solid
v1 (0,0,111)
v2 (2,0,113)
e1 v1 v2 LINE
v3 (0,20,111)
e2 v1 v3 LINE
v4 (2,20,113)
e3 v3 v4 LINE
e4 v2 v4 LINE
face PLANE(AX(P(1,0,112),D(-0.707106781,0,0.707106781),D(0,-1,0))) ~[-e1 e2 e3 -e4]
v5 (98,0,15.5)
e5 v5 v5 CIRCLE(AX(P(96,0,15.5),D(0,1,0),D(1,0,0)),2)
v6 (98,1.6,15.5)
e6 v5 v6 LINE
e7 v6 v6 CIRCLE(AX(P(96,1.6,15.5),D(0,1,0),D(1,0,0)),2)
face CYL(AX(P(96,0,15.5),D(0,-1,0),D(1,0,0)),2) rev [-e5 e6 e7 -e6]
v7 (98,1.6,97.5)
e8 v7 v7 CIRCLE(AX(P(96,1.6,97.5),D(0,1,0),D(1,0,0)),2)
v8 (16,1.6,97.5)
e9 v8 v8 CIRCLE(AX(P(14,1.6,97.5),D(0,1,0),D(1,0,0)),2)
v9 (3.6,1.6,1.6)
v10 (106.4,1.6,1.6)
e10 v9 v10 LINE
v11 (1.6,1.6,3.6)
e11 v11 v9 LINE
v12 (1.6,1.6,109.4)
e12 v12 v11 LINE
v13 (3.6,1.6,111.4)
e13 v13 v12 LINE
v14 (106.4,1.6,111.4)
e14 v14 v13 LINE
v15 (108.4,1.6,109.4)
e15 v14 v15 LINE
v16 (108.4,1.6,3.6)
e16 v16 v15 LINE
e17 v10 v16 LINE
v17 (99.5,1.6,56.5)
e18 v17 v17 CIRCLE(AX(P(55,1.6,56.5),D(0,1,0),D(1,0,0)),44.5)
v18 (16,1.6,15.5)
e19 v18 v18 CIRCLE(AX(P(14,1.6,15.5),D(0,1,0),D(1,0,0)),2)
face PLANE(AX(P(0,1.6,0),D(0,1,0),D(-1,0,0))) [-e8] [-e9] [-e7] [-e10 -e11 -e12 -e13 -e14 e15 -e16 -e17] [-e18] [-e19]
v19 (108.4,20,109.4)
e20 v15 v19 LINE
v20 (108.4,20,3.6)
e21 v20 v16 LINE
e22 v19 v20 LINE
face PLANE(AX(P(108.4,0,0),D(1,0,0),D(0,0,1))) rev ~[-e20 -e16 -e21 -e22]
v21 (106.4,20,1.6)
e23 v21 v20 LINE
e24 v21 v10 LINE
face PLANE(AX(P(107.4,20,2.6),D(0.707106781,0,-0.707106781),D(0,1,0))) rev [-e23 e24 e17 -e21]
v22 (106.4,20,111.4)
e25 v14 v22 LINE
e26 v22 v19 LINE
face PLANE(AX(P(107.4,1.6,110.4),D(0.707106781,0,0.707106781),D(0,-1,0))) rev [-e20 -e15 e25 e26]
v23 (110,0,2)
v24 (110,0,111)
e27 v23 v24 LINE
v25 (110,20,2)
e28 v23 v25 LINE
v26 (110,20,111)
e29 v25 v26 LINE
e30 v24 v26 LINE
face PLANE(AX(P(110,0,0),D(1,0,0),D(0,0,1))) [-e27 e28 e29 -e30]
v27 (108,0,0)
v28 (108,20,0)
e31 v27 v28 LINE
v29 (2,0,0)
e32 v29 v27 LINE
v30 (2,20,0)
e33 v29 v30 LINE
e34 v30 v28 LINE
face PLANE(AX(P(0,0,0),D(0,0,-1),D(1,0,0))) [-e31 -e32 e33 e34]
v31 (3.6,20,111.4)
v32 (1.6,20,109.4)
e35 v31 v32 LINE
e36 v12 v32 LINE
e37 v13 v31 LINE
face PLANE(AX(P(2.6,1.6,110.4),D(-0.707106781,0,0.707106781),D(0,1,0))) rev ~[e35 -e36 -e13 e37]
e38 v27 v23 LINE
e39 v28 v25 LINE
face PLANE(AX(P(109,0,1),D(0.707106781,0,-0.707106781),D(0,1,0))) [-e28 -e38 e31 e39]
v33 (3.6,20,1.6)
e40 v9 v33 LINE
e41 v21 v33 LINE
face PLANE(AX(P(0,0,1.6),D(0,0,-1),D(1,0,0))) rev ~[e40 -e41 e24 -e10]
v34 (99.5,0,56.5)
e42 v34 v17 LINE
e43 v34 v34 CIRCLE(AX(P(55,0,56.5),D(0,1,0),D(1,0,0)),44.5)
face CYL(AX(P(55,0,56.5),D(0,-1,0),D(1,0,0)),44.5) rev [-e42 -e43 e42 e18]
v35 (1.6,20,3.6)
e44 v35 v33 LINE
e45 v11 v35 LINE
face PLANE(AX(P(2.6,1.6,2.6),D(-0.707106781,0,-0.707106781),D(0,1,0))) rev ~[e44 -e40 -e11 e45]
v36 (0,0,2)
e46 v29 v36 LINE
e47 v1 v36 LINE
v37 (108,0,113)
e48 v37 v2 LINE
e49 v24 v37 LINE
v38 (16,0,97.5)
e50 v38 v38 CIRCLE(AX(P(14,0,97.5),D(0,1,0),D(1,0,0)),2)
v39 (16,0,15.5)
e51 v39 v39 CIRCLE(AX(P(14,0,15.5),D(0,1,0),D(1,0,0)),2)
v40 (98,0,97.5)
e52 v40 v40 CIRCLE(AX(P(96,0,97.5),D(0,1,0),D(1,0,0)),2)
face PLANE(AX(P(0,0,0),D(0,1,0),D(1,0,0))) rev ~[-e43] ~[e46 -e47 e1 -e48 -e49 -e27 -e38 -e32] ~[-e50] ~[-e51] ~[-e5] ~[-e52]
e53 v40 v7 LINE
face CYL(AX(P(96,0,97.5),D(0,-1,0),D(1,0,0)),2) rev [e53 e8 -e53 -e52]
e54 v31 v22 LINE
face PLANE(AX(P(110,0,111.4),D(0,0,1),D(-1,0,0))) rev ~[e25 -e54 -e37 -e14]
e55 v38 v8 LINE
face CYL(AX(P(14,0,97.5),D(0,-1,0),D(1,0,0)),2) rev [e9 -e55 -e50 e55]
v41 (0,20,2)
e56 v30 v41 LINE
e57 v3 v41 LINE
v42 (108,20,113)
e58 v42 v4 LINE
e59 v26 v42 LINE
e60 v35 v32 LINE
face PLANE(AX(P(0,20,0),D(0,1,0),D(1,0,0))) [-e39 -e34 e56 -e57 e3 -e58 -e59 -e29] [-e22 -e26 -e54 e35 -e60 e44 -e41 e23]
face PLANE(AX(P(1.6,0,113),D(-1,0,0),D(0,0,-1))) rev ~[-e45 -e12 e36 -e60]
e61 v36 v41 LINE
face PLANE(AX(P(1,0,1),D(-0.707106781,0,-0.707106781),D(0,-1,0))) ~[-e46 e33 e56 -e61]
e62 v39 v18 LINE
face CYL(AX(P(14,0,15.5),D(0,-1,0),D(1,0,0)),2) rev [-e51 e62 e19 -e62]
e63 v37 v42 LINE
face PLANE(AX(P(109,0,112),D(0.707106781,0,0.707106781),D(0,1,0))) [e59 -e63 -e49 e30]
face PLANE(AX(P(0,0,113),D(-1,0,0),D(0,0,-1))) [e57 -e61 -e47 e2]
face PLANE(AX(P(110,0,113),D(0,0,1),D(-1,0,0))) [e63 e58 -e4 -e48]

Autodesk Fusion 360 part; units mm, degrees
sketch "Sketch1" plane through (0, 0, 0) normal (0, 1, 0) x (1, 0, 0)
  line L0 (14, -97.5) -> (14, -15.5) construction
  line L1 (14, -15.5) -> (96, -15.5) construction
  line L2 (96, -15.5) -> (96, -97.5) construction
  line L3 (96, -97.5) -> (14, -97.5) construction
  circle A0 centre (96, -15.5) radius 2
  circle A1 centre (14, -15.5) radius 2
  circle A2 centre (14, -97.5) radius 2
  circle A3 centre (96, -97.5) radius 2
  line L4 (0, 0) -> (110, 0)
  line L5 (110, 0) -> (110, -113)
  line L6 (110, -113) -> (0, -113)
  line L7 (0, -113) -> (0, 0)
  line L8 (101, -102.5) -> (9, -102.5)
  line L9 (9, -102.5) -> (9, -10.5)
  line L10 (9, -10.5) -> (101, -10.5)
  line L11 (101, -10.5) -> (101, -102.5)
  line L12 (55, -102.5) -> (55, -113) construction
  line L13 (101, -56.5) -> (110, -56.5) construction
  line L14 (94, -95.5) -> (16, -95.5)
  line L15 (16, -95.5) -> (16, -17.5)
  line L16 (16, -17.5) -> (94, -17.5)
  line L17 (94, -17.5) -> (94, -95.5)
  circle A4 centre (55, -56.5) radius 44.5
  line L18 (14, -97.5) -> (96, -15.5) construction
  line L19 (96, -97.5) -> (14, -15.5) construction
  point P0 (55, -97.5)
  point P1 (55, -102.5)
  point P2 (55, -113)
  point P3 (55, -56.5)
  dimension "d681" = 4
  dimension "d682" = 110
  dimension "d683" = 113
  dimension "d684" = 82
  dimension "d685" = 82
  dimension "d686" = -5
  dimension "d691" = 2
  dimension "d698" = 89
extrude "Extrude1" add sketch "Sketch1" along normal blind 20 contours L4 L5 L6 L7 | L8 L9 L10 L11 | L14 L17 A4 | L14 L15 A4 | L16 L17 A4 | L15 L16 A4
shell "Shell2" thickness 1.6 removed faces 1 at (56.0638, 20, 4.0382)
sketch "Sketch2" plane through (0, 20, 0) normal (0, 1, 0) x (-1, 0, 0)
  circle A0 centre (-96, 97.5) radius 2
  circle A1 centre (-14, 15.5) radius 2
  circle A2 centre (-96, 15.5) radius 2
  circle A3 centre (-14, 97.5) radius 2
  circle A4 centre (-96, 97.5) radius 3.6
  circle A5 centre (-14, 15.5) radius 3.6
  circle A6 centre (-14, 97.5) radius 3.6
  circle A7 centre (-96, 15.5) radius 3.6
  circle A8 centre (-55, 56.5) radius 46.1
  circle A9 centre (-55, 56.5) radius 44.5
  circle A10 centre (-55, 56.5) radius 46.1
extrude "Extrude3" cut sketch "Sketch2" against normal up to surface (18.4 mm away)
chamfer "Chamfer1" distance 2 angle 45 4 edges at (0, 10, 113) (110, 10, 113) (0, 10, 0) (110, 10, 0)
chamfer "Chamfer1" distance 2 angle 45 4 edges at (108.4, 10.8, 1.6) (1.6, 10.8, 1.6) (1.6, 10.8, 111.4) (108.4, 10.8, 111.4)
